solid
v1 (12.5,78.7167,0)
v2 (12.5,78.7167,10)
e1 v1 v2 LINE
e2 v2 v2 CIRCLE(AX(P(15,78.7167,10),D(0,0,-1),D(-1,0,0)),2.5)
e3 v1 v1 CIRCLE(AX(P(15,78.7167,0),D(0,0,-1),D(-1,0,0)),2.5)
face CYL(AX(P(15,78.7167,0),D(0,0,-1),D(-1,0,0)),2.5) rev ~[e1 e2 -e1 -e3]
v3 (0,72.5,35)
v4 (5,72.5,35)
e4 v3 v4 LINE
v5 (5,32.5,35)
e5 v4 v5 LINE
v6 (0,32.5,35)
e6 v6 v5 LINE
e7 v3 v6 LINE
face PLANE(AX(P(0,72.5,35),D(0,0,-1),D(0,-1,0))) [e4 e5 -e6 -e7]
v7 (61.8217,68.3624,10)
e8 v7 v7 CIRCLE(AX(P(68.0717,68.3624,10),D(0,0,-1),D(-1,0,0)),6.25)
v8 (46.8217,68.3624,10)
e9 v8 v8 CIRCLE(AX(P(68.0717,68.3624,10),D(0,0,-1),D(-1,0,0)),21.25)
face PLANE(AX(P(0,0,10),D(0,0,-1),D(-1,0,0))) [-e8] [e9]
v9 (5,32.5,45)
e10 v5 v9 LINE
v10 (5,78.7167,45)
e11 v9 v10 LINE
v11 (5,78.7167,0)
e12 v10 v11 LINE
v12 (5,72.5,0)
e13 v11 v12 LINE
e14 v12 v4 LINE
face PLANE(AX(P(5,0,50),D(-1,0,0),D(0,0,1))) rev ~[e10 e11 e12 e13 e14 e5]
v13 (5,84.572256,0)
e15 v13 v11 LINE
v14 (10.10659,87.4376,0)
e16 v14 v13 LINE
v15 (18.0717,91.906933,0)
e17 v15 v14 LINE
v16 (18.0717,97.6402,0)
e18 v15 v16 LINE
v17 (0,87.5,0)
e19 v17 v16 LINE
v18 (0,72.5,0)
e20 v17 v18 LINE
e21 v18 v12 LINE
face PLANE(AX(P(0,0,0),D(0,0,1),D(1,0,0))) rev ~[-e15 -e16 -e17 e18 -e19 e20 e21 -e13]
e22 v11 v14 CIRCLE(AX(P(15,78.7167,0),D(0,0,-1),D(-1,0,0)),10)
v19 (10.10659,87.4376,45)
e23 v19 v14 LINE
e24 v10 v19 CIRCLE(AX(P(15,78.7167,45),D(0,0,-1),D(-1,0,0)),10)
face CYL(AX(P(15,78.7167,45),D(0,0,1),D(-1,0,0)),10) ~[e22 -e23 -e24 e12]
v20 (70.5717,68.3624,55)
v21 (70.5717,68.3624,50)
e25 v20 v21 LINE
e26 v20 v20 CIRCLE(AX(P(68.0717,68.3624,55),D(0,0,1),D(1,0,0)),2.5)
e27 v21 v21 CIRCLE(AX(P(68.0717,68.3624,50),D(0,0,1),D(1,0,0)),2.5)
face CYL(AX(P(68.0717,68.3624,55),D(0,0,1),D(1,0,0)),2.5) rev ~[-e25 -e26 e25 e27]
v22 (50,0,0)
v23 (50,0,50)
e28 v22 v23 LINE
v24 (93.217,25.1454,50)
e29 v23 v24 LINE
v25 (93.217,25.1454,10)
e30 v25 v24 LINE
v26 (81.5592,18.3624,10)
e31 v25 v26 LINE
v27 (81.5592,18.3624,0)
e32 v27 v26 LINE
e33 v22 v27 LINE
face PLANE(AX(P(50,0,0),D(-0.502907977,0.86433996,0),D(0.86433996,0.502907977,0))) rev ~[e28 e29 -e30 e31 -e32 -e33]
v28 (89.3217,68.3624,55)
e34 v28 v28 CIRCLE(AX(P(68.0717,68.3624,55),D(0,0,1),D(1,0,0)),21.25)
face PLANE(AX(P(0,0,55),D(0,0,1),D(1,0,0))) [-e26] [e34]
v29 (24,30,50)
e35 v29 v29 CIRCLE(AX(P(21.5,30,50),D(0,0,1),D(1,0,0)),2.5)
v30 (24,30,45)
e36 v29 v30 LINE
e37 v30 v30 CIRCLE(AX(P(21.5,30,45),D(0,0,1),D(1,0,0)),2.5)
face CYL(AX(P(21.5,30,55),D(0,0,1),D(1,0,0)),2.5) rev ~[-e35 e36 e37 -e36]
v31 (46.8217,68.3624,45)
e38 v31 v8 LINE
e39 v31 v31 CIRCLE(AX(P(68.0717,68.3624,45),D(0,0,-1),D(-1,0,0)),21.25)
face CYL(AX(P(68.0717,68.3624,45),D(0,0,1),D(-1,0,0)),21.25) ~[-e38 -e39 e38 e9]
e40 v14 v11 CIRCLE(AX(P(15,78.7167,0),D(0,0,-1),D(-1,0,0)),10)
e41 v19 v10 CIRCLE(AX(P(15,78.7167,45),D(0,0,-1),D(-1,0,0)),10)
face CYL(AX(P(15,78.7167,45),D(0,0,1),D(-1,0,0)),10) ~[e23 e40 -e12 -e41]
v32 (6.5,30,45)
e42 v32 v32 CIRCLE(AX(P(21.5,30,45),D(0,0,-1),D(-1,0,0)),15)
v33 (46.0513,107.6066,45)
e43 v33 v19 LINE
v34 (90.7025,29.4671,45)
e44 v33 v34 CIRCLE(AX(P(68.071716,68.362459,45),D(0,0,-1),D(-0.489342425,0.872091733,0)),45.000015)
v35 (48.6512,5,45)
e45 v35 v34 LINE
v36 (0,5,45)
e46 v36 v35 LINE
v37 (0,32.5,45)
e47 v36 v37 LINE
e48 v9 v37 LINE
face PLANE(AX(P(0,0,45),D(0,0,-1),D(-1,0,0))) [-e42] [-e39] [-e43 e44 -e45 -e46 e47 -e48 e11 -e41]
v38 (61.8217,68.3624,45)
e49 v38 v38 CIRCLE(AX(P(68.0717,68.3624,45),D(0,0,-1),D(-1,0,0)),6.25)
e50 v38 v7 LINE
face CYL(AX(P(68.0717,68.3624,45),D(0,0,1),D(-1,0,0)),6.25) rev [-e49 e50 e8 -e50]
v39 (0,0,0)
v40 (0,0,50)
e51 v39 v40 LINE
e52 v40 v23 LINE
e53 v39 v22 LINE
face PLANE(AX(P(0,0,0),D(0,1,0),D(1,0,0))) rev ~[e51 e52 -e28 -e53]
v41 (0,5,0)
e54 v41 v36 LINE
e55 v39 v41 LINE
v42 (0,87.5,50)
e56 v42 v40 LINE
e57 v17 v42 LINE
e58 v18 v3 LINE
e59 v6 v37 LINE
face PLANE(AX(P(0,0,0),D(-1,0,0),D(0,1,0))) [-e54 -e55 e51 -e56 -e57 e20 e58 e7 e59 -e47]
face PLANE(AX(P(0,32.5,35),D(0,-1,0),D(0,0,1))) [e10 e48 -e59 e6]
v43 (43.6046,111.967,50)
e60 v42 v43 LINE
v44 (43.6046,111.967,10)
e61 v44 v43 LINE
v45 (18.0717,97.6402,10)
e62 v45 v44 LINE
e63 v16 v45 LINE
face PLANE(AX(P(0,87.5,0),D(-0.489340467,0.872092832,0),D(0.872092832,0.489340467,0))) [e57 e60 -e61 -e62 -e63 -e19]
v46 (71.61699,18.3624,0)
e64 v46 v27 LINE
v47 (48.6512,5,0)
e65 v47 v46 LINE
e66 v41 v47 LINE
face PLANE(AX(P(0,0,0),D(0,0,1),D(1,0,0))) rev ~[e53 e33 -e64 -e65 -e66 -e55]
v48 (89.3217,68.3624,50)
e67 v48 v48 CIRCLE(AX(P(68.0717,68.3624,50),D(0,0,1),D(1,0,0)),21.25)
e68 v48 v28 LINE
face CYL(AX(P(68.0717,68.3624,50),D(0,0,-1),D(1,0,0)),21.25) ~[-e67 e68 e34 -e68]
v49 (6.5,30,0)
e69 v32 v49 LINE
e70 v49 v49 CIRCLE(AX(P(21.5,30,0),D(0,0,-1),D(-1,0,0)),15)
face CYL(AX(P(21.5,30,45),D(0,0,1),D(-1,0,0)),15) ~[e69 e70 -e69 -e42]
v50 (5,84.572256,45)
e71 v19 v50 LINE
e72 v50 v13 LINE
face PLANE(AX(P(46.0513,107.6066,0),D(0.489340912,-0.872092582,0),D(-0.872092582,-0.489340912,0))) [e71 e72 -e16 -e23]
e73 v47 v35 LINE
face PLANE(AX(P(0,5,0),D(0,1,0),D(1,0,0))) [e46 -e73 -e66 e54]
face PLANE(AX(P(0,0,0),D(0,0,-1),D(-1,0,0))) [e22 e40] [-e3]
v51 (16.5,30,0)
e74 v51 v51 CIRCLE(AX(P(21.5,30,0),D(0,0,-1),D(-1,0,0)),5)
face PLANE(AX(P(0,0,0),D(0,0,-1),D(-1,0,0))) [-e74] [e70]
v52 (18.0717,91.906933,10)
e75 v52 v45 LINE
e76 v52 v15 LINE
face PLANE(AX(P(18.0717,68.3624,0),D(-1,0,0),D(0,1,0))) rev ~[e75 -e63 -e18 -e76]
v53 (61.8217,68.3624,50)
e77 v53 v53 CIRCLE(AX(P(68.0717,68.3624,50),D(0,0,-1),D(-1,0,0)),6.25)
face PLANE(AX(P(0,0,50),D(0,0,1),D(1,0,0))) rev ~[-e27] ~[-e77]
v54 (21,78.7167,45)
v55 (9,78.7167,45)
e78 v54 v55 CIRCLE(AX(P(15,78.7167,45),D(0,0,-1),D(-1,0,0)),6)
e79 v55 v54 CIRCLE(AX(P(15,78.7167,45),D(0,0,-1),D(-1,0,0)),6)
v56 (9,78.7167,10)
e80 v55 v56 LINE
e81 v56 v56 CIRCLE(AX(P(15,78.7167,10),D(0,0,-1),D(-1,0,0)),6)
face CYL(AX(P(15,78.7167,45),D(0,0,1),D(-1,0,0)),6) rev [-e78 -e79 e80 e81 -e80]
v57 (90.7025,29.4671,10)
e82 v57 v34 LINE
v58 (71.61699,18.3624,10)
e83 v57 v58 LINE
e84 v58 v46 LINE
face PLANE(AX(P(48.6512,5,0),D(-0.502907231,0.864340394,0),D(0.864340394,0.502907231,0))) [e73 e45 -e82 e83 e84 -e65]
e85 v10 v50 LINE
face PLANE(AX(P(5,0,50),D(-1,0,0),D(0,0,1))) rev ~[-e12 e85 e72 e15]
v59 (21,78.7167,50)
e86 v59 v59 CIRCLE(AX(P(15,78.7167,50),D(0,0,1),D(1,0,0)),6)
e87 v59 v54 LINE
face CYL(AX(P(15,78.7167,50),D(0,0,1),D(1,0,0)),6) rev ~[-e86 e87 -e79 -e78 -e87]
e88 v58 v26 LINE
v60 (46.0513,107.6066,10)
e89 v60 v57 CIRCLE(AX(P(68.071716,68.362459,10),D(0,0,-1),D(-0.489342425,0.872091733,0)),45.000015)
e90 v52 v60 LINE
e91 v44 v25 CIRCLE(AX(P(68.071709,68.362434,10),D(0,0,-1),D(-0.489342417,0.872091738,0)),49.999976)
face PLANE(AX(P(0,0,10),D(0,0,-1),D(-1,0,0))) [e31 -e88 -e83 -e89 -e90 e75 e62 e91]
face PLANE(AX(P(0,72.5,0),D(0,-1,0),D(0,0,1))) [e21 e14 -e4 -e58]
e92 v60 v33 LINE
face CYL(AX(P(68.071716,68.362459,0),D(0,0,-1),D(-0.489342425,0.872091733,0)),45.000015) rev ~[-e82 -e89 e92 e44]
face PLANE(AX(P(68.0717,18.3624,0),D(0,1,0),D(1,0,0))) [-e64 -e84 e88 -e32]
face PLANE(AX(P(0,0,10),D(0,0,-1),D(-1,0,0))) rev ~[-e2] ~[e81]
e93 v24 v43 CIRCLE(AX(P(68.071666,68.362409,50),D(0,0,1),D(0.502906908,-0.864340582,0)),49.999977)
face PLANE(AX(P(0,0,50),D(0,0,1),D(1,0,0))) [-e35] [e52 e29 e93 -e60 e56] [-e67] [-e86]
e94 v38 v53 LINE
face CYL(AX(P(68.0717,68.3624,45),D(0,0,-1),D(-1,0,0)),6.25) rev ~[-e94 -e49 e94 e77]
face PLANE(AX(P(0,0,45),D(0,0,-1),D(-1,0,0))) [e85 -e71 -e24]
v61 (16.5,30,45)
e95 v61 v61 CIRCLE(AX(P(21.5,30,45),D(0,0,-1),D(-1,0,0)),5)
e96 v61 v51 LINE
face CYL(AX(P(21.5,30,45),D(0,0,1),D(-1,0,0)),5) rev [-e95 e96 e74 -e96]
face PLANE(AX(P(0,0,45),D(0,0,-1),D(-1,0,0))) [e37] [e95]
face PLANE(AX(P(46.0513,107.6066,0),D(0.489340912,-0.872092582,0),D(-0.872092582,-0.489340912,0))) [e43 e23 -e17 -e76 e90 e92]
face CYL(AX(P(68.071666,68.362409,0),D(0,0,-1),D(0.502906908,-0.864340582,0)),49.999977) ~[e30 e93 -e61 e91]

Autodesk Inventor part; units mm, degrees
ref_plane "YZ Plane" through (0, 0, 0) normal (1, 0, 0) x (0, 1, 0)
ref_plane "XZ Plane" through (0, 0, 0) normal (0, 1, 0) x (-1, 0, 0)
ref_plane "XY Plane" through (0, 0, 0) normal (0, 0, 1) x (1, 0, 0)
sketch "Sketch1" plane through (0, 0, 0) normal (0, 0, 1) x (1, 0, 0)
  line L0 (0, 0) -> (0, 87.5)
  circle A0 centre (68.0717, 68.3624) radius 50 construction
  line L1 (0, 87.5) -> (43.6046, 111.967)
  line L2 (0, 0) -> (50, 0)
  line L3 (50, 0) -> (93.217, 25.1454)
  arc A1 (93.217, 25.1454) -> (43.6046, 111.967) centre (68.0717, 68.3624) ccw
  dimension "d0" = 87.5
  dimension "d1" = 100
  dimension "d2" = 50
  dimension "d3" = 50
  dimension "d4" = 50
extrude "Extrusion1" add sketch "Sketch1" along normal blind 50
sketch "Sketch3" plane through (0, 0, 0) normal (0, 0, -1) x (-1, 0, 0)
  line L0 (0, 87.5) -> (-43.6046, 111.967) projected
  arc A0 (-43.6046, 111.967) -> (-93.217, 25.1454) centre (-68.0717, 68.3624) ccw projected
  line L1 (-93.217, 25.1454) -> (-50, 0) projected
  line L2 (-50, 0) -> (0, 0) projected
  line L3 (0, 5) -> (-48.6512, 5)
  line L4 (-48.6512, 5) -> (-90.7025, 29.4671)
  arc A1 (-46.0513, 107.6066) -> (-90.7025, 29.4671) centre (-68.0717, 68.3624) ccw
  line L5 (-46.0513, 107.6066) -> (0, 81.7667)
  line L6 (0, 0) -> (0, 87.5) projected
  line L7 (0, 5) -> (0, 81.7667)
  line L8 (0, 87.5) -> (0, 0) projected
  dimension "d10" = 5
extrude "Extrusion3" cut sketch "Sketch3" against normal blind 45 contours L6 L3 L4 A1 L5
sketch "Sketch4" plane through (0, 0, 45) normal (0, 0, -1) x (-1, 0, 0)
  arc A0 (-43.6046, 111.967) -> (-93.217, 25.1454) centre (-68.0717, 68.3624) ccw projected
  circle A1 centre (-68.0717, 68.3624) radius 6.25
  point P0 (0, 0)
  dimension "d13" = 12.5
extrude "Extrusion4" cut sketch "Sketch4" against normal through all
sketch "Sketch5" plane through (0, 0, 45) normal (0, 0, -1) x (-1, 0, 0)
  circle A0 centre (-68.0717, 68.3624) radius 6.25 projected
  circle A1 centre (-68.0717, 68.3624) radius 6.25
  circle A2 centre (-68.0717, 68.3624) radius 21.25
  point P0 (0, 0)
  dimension "d16" = 15
extrude "Extrusion5" add sketch "Sketch5" along normal blind 35
sketch "Sketch6" plane through (0, 0, 50) normal (0, 0, 1) x (1, 0, 0)
  circle A0 centre (68.0717, 68.3624) radius 21.25 projected
  point P0 (0, 0)
extrude "Extrusion6" add sketch "Sketch6" along normal blind 5
sketch "Sketch7" plane through (0, 0, 0) normal (0, 0, -1) x (-1, 0, 0)
  arc A0 (-43.6046, 111.967) -> (-93.217, 25.1454) centre (-68.0717, 68.3624) ccw projected
  line L0 (-18.0717, 68.3624) -> (-18.0717, 97.6402)
  line L1 (0, 87.5) -> (-43.6046, 111.967) projected
  line L2 (-18.0717, 97.6402) -> (-43.6046, 111.967)
  line L3 (-68.0717, 18.3624) -> (-81.5592, 18.3624)
  line L4 (-93.217, 25.1454) -> (-50, 0) projected
  line L5 (-50, 0) -> (-93.217, 25.1454) projected
  line L6 (-81.5592, 18.3624) -> (-93.217, 25.1454)
  arc A1 (-93.217, 25.1454) -> (-68.0717, 18.3624) centre (-68.0717, 68.3624) ccw
  arc A2 (-43.6046, 111.967) -> (-93.217, 25.1454) centre (-68.0717, 68.3624) ccw projected
  arc A3 (-18.0717, 68.3624) -> (-43.6046, 111.967) centre (-68.0717, 68.3624) ccw
  circle A4 centre (-68.0717, 68.3624) radius 50
  point P0 (0, 0)
extrude "Extrusion7" cut sketch "Sketch7" against normal blind 10
sketch "Sketch8" plane through (0, 0, 45) normal (0, 0, -1) x (-1, 0, 0)
  circle A0 centre (-21.5, 30) radius 5
  circle A1 centre (-21.5, 30) radius 15
  line L0 (-50, 0) -> (0, 0) projected
  line L1 (0, 0) -> (0, 5) projected
  dimension "d23" = 10
  dimension "d24" = 30
  dimension "d25" = 30
  dimension "d26" = 21.5
extrude "Extrusion8" add sketch "Sketch8" along normal blind 45
sketch "Sketch9" plane through (0, 0, 50) normal (-1, 0, 0) x (0, 0, 1)
  line L0 (0, 87.5) -> (-50, 87.5)
  line L1 (-50, 87.5) -> (-50, 72.5)
  line L2 (-50, 72.5) -> (0, 72.5)
  line L3 (0, 72.5) -> (0, 87.5)
  line L4 (0, 87.5) -> (-15, 87.5)
  line L5 (-15, 87.5) -> (-15, 32.5)
  line L6 (-15, 32.5) -> (0, 32.5)
  line L7 (0, 32.5) -> (0, 87.5)
  line L8 (-50, 0) -> (0, 0) projected
  dimension "d29" = 50
  dimension "d30" = 15
  dimension "d31" = 15
  dimension "d32" = 32.5
extrude "Extrusion9" add sketch "Sketch9" against normal blind 5
sketch "Sketch10" plane through (0, 0, 45) normal (0, 0, -1) x (-1, 0, 0)
  circle A0 centre (-15, 78.7167) radius 10
  circle A1 centre (-15, 78.7167) radius 6
  line L0 (-18.0717, 91.9069) -> (-5, 84.5722) projected
  line L1 (-5, 72.5) -> (-5, 84.5722) projected
  point P0 (0, 0)
  dimension "d35" = 20
  dimension "d36" = 12
extrude "Extrusion10" add sketch "Sketch10" along normal blind 45 contours A0
sketch "Sketch11" plane through (0, 0, 0) normal (0, 0, -1) x (-1, 0, 0)
  circle A0 centre (-15, 78.7167) radius 6 projected
  circle A1 centre (-15, 78.7167) radius 2.5
  point P0 (0, 0)
  dimension "d39" = 5
extrude "Extrusion11" add sketch "Sketch11" against normal blind 10
sketch "Sketch13" plane through (0, 0, 50) normal (0, 0, 1) x (1, 0, 0)
  circle A0 centre (15, 78.7167) radius 6 projected
  point P0 (0, 0)
extrude "Extrusion12" cut sketch "Sketch13" against normal blind 5
sketch "Sketch14" plane through (68.0717, 68.3624, 55) normal (0, 0, 1) x (1, 0, 0)
  circle A0 centre (0, 0) radius 2.5
  circle A1 centre (0, 0) radius 21.25 projected
  circle A2 centre (-46.5717, -38.3624) radius 15 projected
  circle A3 centre (-46.5717, -38.3624) radius 2.5
  point P0 (-68.0717, -68.3624)
  dimension "d44" = 5
  dimension "d47" = 5
extrude "Extrusion13" cut sketch "Sketch14" against normal through all contours A0 | A3
properties part number "BA004" material "ABS Plastic"
